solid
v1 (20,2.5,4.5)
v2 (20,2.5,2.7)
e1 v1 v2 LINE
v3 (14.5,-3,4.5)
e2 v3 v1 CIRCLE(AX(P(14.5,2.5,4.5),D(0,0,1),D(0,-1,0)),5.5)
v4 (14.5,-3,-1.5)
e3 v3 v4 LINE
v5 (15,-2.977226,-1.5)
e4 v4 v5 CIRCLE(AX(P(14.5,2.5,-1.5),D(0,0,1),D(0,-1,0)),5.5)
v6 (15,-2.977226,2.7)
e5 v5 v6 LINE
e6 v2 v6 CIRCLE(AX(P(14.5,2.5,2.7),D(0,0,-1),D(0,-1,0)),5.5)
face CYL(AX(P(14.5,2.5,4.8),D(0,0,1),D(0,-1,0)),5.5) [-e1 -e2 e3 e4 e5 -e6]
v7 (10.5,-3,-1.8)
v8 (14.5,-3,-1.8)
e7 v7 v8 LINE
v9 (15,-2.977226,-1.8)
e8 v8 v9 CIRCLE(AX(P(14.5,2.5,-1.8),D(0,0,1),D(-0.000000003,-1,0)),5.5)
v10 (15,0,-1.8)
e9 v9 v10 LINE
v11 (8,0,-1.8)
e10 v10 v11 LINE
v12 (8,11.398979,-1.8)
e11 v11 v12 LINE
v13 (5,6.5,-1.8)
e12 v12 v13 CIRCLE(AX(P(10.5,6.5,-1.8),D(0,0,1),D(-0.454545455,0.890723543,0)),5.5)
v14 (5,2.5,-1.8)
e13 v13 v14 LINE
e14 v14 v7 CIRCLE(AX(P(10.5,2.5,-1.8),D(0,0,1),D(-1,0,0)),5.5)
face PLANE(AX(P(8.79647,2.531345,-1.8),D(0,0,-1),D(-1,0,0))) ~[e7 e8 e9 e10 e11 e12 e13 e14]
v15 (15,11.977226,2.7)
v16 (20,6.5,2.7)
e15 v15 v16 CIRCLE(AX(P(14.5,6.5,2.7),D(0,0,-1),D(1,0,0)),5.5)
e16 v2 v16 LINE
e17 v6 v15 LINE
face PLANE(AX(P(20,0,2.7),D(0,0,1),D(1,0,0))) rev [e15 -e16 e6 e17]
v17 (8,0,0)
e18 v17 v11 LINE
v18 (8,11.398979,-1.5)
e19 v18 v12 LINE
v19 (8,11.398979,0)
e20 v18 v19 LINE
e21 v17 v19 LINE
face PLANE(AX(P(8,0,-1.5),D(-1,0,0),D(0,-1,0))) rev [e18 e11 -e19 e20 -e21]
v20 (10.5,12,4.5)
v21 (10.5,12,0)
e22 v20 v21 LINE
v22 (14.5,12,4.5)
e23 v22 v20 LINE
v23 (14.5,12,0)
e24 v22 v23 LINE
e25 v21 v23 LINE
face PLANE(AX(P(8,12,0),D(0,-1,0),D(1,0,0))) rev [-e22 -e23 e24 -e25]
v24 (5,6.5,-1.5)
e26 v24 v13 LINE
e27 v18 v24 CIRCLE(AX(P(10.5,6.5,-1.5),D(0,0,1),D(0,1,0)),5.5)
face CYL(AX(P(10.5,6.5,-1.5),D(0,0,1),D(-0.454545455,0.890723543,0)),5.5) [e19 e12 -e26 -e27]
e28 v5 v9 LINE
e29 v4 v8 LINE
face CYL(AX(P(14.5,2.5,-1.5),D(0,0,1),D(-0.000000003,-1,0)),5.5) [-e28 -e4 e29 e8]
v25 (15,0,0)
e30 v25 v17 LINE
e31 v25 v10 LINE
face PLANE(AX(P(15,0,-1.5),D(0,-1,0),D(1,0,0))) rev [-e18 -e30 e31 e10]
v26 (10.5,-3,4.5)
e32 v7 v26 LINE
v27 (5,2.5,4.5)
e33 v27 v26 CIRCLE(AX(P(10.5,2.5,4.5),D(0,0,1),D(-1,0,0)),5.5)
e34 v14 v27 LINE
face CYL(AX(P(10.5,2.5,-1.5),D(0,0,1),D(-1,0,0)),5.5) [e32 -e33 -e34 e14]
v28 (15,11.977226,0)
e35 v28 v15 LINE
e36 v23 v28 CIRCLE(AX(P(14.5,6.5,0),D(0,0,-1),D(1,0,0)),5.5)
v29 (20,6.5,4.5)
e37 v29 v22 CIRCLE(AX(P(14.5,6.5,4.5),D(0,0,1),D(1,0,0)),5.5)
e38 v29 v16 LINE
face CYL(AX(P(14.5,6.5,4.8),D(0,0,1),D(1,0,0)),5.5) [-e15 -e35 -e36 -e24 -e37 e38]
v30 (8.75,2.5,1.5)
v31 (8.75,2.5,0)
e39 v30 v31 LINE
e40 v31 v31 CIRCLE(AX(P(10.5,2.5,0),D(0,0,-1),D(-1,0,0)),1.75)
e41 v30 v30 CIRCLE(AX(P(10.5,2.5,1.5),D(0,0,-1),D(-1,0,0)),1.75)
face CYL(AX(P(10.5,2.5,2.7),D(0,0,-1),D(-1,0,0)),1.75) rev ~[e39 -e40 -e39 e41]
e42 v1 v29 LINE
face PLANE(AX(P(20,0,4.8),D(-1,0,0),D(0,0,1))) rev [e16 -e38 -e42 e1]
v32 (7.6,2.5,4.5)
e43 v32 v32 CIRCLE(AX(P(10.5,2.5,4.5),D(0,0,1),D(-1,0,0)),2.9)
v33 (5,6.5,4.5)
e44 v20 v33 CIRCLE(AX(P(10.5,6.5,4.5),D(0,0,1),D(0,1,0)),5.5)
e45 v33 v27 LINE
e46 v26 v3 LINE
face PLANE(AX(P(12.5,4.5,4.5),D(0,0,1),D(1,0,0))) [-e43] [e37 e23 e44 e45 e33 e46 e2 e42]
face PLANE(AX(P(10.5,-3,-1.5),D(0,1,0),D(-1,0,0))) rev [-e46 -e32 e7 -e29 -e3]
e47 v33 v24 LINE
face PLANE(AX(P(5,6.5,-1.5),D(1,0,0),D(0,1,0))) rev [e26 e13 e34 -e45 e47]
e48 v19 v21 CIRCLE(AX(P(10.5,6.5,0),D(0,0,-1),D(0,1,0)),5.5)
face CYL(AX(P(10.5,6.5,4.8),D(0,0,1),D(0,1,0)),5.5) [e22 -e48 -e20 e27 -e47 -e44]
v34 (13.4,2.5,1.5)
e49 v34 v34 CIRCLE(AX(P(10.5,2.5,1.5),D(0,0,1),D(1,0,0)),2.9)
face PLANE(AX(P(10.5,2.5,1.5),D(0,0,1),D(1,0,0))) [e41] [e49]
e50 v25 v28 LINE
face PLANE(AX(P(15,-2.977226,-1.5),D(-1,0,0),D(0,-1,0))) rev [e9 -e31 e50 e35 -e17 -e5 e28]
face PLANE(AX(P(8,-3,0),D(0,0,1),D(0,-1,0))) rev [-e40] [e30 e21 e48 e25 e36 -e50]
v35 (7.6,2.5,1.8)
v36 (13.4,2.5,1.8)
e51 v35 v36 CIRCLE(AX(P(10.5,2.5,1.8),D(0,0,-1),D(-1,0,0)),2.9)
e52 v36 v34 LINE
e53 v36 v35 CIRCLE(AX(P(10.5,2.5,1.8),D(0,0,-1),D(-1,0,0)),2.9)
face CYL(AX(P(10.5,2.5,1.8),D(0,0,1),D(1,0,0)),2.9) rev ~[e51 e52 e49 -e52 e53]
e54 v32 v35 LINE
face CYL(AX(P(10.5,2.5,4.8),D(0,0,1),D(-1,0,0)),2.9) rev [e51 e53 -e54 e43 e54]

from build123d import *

# Parameters (mm, degrees)
ESBO_O3_W                = 7
ESBO_O3_H                = 12
ESBO_O3_R                = 1.75
RESSALTO_EXTRUS_O2_DEPTH = 2.7
ESBO_O4_W                = 7
ESBO_O4_H                = 12
ESBO_O4_R                = 1.75
RESSALTO_EXTRUS_O3_DEPTH = 2.1
ESBO_O5_W                = 2.1
ESBO_O5_H                = 12
RESSALTO_EXTRUS_O4_DEPTH = 5
RESSALTO_EXTRUS_O5_DEPTH = 3
ESBO_O7_W                = 4.8
ESBO_O7_H                = 15
RESSALTO_EXTRUS_O6_DEPTH = 3
ESBO_O8_R                = 2.9
CORTE_EXTRUS_O1_DEPTH    = 3
FILETE1_R                = 5.5
RESSALTO_EXTRUS_O7_DEPTH = 1.5
CORTE_EXTRUS_O4_DEPTH    = 6.3
CORTE_EXTRUS_O5_DEPTH    = 6.3
RESSALTO_EXTRUS_O8_DEPTH = 0.3
CORTE_EXTRUS_O6_DEPTH    = 0.3
ESBO_O17_R               = 2.9
CORTE_EXTRUS_O7_DEPTH    = 0.3


with BuildPart() as part:
    # Esboço3 → Ressalto-extrusão2 (new body)
    with BuildSketch(Plane.XY):
        with Locations((-3.5, 6)):
            Rectangle(ESBO_O3_W, ESBO_O3_H)
        with Locations((-2.5, 2.5)):
            Circle(ESBO_O3_R, mode=Mode.SUBTRACT)
    extrude(amount=RESSALTO_EXTRUS_O2_DEPTH)

    # Esboço4 → Ressalto-extrusão3 (add)
    with BuildSketch(Plane.XY.offset(2.7)):
        with Locations((-3.5, 6)):
            Rectangle(ESBO_O4_W, ESBO_O4_H)
        with Locations((-2.5, 2.5)):
            Circle(ESBO_O4_R, mode=Mode.SUBTRACT)
    extrude(amount=RESSALTO_EXTRUS_O3_DEPTH)

    # Esboço5 → Ressalto-extrusão4 (add)
    with BuildSketch(Plane.ZY.offset(7)):
        with Locations((3.75, 6)):
            Rectangle(ESBO_O5_W, ESBO_O5_H)
    extrude(amount=RESSALTO_EXTRUS_O4_DEPTH)

    # Esboço6 → Ressalto-extrusão5 (add)
    with BuildSketch(Plane.XZ):
        Polygon((-7, 0), (0, 0), (0, 4.8), (-12, 4.8), (-12, 2.7), (-7, 2.7), align=None)
    extrude(amount=RESSALTO_EXTRUS_O5_DEPTH)

    # Esboço7 → Ressalto-extrusão6 (add)
    with BuildSketch(Plane(origin=(0, 0, 0), x_dir=(0, 0, -1), z_dir=(1, 0, 0))):
        with Locations((-2.4, 4.5)):
            Rectangle(ESBO_O7_W, ESBO_O7_H)
    extrude(amount=RESSALTO_EXTRUS_O6_DEPTH)

    # Esboço8 → Corte-extrusão1 (cut)
    with BuildSketch(Plane.XY.offset(4.8)):
        with Locations((-2.5, 2.5)):
            Circle(ESBO_O8_R)
    extrude(amount=-CORTE_EXTRUS_O1_DEPTH, mode=Mode.SUBTRACT)

    # Filete1
    filete1_edges = [part.edges().sort_by_distance(p)[0] for p in [
        (3, -3, 2.4),
    ]]
    fillet(filete1_edges, radius=FILETE1_R)

    # Esboço10 → Ressalto-extrusão7 (add)
    with BuildSketch(Plane(origin=(0, 0, 0), x_dir=(-1, 0, 0), z_dir=(0, 0, -1))):
        with BuildLine():
            Line((7, 0), (0, 0))
            Line((0, 0), (0, 12))
            Line((0, 12), (-3, 12))
            Line((-3, 12), (-3, 2.5))
            ThreePointArc((-3, 2.5), (-1.389087297, -1.389087297), (2.5, -3))
            Line((2.5, -3), (7, -3))
            Line((7, -3), (7, 0))
        make_face()
    extrude(amount=RESSALTO_EXTRUS_O7_DEPTH)

    # Esboço14 → Corte-extrusão4 (cut)
    with BuildSketch(Plane.XY.offset(4.8)):
        with BuildLine():
            Line((-12, 12), (-12, 6.5))
            ThreePointArc((-12, 6.5), (-10.389087297, 10.389087297), (-6.5, 12))
            Line((-6.5, 12), (-12, 12))
        make_face()
        with BuildLine():
            ThreePointArc((-2.5, 12), (1.389087297, 10.389087297), (3, 6.5))
            Line((3, 6.5), (3, 12))
            Line((3, 12), (-2.5, 12))
        make_face()
    extrude(amount=-CORTE_EXTRUS_O4_DEPTH, mode=Mode.SUBTRACT)

    # Esboço13 → Corte-extrusão5 (cut)
    with BuildSketch(Plane.XY.offset(4.8)):
        with BuildLine():
            Line((-12, -3), (-6.5, -3))
            ThreePointArc((-6.5, -3), (-10.389087297, -1.389087297), (-12, 2.5))
            Line((-12, 2.5), (-12, -3))
        make_face()
    extrude(amount=-CORTE_EXTRUS_O5_DEPTH, mode=Mode.SUBTRACT)

    # Esboço15 → Ressalto-extrusão8 (add)
    with BuildSketch(Plane(origin=(0, 0, -1.5), x_dir=(-1, 0, 0), z_dir=(0, 0, -1))):
        with BuildLine():
            Line((2.5, -3), (6.5, -3))
            ThreePointArc((6.5, -3), (6.750259203, -2.994303444), (7, -2.977225575))
            Line((7, -2.977225575), (7, 0))
            Line((7, 0), (0, 0))
            Line((0, 0), (0, 11.398979486))
            ThreePointArc((0, 11.398979486), (-2.19041576, 9.372281323), (-3, 6.5))
            Line((-3, 6.5), (-3, 2.5))
            ThreePointArc((-3, 2.5), (-1.389087297, -1.389087297), (2.5, -3))
        make_face()
    extrude(amount=RESSALTO_EXTRUS_O8_DEPTH)


with BuildPart() as body_2:
    # Espelhar3: mirrored copy
    add(part.part.mirror(Plane(origin=(4, 0, 0), x_dir=(0, 0, 1), z_dir=(1, 0, 0))))

    # Esboço16 → Corte-extrusão6 (cut)
    with BuildSketch(Plane.XY.offset(4.8)):
        with BuildLine():
            Line((20, 2.5), (20, 6.5))
            ThreePointArc((20, 6.5), (18.389087297, 10.389087297), (14.5, 12))
            Line((14.5, 12), (10.5, 12))
            ThreePointArc((10.5, 12), (6.610912703, 10.389087297), (5, 6.5))
            Line((5, 6.5), (5, 2.5))
            ThreePointArc((5, 2.5), (6.610912703, -1.389087297), (10.5, -3))
            Line((10.5, -3), (14.5, -3))
            ThreePointArc((14.5, -3), (18.389087297, -1.389087297), (20, 2.5))
        make_face()
    extrude(amount=-CORTE_EXTRUS_O6_DEPTH, mode=Mode.SUBTRACT)

    # Esboço17 → Corte-extrusão7 (cut)
    with BuildSketch(Plane.XY.offset(1.8)):
        with Locations((10.5, 2.5)):
            Circle(ESBO_O17_R)
    extrude(amount=-CORTE_EXTRUS_O7_DEPTH, mode=Mode.SUBTRACT)


solid = body_2.part
